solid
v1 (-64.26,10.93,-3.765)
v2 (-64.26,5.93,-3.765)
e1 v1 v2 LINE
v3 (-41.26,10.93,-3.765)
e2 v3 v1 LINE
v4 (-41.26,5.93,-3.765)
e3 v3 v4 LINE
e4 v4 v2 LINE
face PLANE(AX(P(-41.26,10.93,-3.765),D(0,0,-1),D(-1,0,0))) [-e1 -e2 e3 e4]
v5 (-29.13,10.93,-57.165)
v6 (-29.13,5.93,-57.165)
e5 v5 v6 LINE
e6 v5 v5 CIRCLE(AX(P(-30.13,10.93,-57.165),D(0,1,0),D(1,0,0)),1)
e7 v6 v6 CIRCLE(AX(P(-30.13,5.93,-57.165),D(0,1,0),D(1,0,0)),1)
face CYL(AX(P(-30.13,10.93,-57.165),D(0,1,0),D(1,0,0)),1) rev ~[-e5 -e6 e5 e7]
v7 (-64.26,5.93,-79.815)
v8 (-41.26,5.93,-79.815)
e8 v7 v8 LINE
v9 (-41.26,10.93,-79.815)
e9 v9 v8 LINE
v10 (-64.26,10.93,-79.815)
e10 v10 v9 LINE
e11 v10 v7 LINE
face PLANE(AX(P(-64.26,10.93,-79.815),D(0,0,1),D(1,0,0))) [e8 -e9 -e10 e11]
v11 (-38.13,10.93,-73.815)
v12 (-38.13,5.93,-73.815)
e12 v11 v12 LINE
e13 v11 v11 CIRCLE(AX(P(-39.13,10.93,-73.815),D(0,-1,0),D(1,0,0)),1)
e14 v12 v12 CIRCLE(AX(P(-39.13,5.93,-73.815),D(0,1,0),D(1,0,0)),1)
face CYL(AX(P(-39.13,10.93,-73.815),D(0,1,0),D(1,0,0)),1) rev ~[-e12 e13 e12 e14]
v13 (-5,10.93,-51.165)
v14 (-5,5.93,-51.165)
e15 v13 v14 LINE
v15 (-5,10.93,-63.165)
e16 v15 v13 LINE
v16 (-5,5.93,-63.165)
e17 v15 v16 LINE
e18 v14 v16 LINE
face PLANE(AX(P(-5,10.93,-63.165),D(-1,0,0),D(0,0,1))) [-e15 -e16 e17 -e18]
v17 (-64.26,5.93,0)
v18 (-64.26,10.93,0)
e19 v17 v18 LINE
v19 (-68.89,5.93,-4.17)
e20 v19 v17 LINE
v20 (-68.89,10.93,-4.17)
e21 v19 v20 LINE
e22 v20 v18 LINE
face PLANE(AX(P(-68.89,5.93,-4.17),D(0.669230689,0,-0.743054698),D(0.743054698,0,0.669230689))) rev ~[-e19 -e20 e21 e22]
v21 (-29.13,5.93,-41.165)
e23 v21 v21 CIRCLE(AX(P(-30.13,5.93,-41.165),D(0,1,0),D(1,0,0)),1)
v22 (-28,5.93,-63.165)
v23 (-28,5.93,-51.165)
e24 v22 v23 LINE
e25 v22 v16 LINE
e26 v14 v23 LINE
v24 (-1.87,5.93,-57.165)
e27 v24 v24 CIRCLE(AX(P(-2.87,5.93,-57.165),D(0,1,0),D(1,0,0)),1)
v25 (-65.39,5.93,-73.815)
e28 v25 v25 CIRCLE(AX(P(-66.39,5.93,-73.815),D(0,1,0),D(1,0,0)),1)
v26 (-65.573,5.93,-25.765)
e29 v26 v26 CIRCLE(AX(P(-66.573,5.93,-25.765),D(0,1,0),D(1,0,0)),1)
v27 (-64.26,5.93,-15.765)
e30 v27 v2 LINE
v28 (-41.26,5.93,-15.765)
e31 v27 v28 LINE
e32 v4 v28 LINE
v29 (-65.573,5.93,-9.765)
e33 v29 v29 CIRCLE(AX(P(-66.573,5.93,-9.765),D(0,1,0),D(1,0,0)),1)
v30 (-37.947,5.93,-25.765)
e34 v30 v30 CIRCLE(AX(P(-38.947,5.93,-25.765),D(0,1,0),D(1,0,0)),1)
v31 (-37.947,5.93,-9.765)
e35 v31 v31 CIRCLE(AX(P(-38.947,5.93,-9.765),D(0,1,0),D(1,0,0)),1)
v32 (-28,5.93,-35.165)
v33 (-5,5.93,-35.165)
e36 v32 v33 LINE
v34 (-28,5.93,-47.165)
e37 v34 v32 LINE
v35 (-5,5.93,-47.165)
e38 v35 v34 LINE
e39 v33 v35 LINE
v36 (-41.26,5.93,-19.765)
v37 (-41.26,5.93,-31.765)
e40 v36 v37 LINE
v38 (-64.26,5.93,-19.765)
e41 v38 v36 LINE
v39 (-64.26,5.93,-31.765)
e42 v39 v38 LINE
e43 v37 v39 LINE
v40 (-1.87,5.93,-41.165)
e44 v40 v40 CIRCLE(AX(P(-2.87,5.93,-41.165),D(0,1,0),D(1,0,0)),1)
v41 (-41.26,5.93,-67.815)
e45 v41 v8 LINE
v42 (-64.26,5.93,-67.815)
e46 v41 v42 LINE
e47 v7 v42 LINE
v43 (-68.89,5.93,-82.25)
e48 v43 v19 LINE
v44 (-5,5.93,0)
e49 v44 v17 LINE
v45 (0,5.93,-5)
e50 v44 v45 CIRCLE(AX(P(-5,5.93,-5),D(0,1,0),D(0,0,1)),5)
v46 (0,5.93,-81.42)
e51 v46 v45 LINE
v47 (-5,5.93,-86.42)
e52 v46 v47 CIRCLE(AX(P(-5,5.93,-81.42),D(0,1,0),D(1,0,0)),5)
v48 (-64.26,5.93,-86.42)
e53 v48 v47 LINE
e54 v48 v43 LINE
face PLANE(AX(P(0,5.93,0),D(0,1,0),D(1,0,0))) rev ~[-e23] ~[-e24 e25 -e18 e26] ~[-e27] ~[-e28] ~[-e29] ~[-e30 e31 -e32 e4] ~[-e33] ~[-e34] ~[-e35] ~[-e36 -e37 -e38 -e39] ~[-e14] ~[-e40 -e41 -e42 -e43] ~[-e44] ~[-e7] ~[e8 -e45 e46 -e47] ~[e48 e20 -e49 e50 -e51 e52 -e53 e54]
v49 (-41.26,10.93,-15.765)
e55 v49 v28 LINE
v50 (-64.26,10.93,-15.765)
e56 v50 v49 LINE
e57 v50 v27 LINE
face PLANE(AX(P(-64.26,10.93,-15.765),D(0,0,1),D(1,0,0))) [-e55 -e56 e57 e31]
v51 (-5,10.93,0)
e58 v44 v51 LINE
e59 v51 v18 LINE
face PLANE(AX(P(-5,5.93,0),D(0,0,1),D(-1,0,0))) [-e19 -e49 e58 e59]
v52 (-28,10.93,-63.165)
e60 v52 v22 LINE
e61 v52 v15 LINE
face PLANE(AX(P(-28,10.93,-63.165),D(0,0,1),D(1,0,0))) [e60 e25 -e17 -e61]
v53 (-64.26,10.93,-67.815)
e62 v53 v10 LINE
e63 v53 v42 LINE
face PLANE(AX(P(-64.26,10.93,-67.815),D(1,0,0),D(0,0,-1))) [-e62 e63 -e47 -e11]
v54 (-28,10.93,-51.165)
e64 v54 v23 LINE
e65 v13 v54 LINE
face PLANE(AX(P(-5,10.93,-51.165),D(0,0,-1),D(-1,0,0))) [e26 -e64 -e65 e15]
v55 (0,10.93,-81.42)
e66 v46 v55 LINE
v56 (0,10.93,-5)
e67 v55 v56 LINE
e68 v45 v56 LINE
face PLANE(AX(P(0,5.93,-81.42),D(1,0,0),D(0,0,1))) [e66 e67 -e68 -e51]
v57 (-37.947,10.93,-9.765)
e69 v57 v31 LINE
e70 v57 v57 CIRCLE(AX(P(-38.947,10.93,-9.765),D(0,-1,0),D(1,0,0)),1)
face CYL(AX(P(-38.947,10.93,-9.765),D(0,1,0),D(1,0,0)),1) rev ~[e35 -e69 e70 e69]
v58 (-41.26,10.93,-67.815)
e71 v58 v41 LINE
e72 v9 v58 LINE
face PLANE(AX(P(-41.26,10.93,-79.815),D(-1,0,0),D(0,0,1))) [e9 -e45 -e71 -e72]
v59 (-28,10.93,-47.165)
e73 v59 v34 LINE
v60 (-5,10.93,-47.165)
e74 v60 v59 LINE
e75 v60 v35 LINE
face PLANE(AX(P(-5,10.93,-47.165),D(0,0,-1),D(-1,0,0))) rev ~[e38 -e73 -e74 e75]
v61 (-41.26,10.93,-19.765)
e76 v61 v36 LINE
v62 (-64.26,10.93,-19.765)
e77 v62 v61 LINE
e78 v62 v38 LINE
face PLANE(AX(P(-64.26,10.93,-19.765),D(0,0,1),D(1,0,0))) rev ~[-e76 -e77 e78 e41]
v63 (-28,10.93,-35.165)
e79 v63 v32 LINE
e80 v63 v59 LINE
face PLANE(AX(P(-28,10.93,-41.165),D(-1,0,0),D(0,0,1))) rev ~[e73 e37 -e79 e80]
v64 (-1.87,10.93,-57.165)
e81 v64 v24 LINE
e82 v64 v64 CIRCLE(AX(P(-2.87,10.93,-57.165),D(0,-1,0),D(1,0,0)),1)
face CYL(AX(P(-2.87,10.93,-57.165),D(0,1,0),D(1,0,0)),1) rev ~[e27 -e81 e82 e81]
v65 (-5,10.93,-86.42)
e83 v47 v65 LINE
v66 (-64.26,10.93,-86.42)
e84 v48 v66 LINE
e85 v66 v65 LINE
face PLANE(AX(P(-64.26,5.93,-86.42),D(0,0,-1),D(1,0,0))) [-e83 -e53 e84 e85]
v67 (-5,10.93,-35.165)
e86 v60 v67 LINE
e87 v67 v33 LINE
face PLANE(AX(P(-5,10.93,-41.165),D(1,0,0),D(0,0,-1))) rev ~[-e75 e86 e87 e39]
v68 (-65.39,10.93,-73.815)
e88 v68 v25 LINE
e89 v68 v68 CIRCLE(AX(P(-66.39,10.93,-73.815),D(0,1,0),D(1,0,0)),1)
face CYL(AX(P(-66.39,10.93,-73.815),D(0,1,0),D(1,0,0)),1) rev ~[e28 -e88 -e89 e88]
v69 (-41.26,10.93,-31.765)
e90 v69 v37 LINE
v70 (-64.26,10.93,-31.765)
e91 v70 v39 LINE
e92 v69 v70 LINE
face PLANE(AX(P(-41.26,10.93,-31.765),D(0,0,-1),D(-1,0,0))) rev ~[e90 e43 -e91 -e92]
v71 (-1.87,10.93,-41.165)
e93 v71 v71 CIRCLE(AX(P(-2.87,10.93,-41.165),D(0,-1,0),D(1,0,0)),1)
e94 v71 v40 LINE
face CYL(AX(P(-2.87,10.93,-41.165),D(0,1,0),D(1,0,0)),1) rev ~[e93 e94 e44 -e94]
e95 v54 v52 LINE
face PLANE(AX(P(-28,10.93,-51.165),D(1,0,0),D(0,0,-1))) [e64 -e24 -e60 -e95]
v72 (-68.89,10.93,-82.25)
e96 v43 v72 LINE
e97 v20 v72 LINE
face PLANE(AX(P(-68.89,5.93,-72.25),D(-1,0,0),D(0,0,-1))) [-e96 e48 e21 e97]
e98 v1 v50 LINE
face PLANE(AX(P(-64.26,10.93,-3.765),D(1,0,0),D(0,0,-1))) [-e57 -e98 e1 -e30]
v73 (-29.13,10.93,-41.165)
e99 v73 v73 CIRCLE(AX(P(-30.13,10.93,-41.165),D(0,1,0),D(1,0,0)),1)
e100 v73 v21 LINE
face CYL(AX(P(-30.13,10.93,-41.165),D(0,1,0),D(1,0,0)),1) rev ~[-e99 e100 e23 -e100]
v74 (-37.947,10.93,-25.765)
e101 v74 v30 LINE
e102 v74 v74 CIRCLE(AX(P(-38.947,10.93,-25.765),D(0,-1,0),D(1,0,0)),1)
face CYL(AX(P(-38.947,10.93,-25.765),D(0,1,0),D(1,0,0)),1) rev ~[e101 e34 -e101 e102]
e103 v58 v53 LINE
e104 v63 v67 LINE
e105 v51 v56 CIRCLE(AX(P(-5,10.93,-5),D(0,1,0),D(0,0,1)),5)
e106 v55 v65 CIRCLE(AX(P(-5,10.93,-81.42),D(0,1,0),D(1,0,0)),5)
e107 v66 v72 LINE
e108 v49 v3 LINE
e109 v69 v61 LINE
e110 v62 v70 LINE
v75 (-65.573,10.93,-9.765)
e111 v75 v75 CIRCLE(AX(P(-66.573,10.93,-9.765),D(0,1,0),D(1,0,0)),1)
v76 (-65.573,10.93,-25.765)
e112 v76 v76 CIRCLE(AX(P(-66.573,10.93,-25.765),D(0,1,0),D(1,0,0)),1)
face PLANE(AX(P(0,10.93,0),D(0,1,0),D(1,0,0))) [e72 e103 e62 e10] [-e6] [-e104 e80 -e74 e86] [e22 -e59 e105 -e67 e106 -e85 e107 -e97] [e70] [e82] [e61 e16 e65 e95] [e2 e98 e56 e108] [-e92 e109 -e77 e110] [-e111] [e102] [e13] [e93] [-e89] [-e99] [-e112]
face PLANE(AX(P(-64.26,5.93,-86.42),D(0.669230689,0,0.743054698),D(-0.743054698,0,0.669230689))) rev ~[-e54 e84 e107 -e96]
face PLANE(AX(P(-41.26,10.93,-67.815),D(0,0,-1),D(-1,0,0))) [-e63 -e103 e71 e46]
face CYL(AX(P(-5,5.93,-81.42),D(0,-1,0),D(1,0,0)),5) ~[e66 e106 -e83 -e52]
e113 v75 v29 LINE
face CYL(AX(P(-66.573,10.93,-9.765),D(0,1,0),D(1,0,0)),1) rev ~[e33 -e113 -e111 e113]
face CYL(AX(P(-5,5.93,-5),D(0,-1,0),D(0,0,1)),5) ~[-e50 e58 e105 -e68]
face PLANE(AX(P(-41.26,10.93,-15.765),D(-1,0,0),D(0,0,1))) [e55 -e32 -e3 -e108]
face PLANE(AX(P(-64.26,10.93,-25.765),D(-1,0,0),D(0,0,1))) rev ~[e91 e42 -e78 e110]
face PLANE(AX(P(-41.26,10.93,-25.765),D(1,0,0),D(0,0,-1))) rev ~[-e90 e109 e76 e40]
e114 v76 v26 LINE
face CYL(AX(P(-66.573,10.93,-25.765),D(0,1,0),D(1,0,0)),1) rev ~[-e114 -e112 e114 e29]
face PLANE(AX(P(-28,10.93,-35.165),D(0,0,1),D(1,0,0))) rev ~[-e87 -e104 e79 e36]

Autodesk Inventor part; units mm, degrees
ref_plane "YZ Plane" through (0, 0, 0) normal (1, 0, 0) x (0, 1, 0)
ref_plane "XZ Plane" through (0, 0, 0) normal (0, 1, 0) x (-1, 0, 0)
ref_plane "Work Plane2" through (0, 5.93, 0) normal (0, 1, 0) x (1, 0, 0)
sketch "Sketch7" plane through (0, 5.93, 0) normal (0, 1, 0) x (1, 0, 0)
  line L0 (-68.89, 72.25) -> (-68.89, 75.38) projected
  line L1 (-70.59, 75.38) -> (-68.89, 75.38) projected
  line L2 (-70.59, 83.0068) -> (-70.59, 75.38) projected
  line L3 (-64.9127, 88.12) -> (-70.59, 83.0068) projected
  line L4 (-5, 88.12) -> (-64.9127, 88.12) projected
  arc A0 (1.7, 81.42) -> (-5, 88.12) centre (-5, 81.42) ccw projected
  line L5 (1.7, 5) -> (1.7, 81.42) projected
  arc A1 (-5, -1.7) -> (1.7, 5) centre (-5, 5) ccw projected
  line L6 (-64.9127, -1.7) -> (-5, -1.7) projected
  line L7 (-70.59, 3.4132) -> (-64.9127, -1.7) projected
  line L8 (-70.59, 14.5) -> (-70.59, 3.4132) projected
  line L9 (-68.89, 14.5) -> (-70.59, 14.5) projected
  line L10 (-68.89, 14.5) -> (-68.89, 17.63) projected
  line L11 (-70.59, 17.63) -> (-68.89, 17.63) projected
  line L12 (-70.59, 47.6) -> (-70.59, 17.63) projected
  line L13 (-68.89, 47.6) -> (-70.59, 47.6) projected
  line L14 (-68.89, 47.6) -> (-68.89, 50.73) projected
  line L15 (-70.59, 50.73) -> (-68.89, 50.73) projected
  line L16 (-70.59, 72.25) -> (-70.59, 50.73) projected
  line L17 (-68.89, 72.25) -> (-70.59, 72.25) projected
  line L18 (5.3534, 92.34) -> (10.14, 87.0271) projected
  line L19 (-69.6869, 92.34) -> (5.3534, 92.34) projected
  line L20 (-73.78, 86.0365) -> (-69.6869, 92.34) projected
  line L21 (-73.78, 75.38) -> (-73.78, 86.0365) projected
  line L22 (-73.78, 75.38) -> (-73.78, 72.25) projected
  line L23 (-73.78, 50.73) -> (-73.78, 72.25) projected
  line L24 (-73.78, 50.73) -> (-73.78, 47.6) projected
  line L25 (-73.78, 17.63) -> (-73.78, 47.6) projected
  line L26 (-73.78, 17.63) -> (-73.78, 14.5) projected
  line L27 (-73.78, -2.6865) -> (-73.78, 14.5) projected
  line L28 (-69.6869, -8.99) -> (-73.78, -2.6865) projected
  line L29 (4.8271, -8.99) -> (-69.6869, -8.99) projected
  line L30 (10.14, -4.2034) -> (4.8271, -8.99) projected
  line L31 (10.14, 87.0271) -> (10.14, -4.2034) projected
  line L32 (-5, 0) -> (-64.26, 0) projected
  line L33 (-68.89, 4.17) -> (-64.26, 0) projected
  line L34 (-68.89, 4.17) -> (-68.89, 14.5) projected
  line L35 (-68.89, 17.63) -> (-68.89, 47.6) projected
  line L36 (-68.89, 50.73) -> (-68.89, 72.25) projected
  line L37 (-68.89, 75.38) -> (-68.89, 82.25) projected
  line L38 (-64.26, 86.42) -> (-68.89, 82.25) projected
  line L39 (-64.26, 86.42) -> (-5, 86.42) projected
  arc A2 (0, 81.42) -> (-5, 86.42) centre (-5, 81.42) ccw projected
  line L40 (0, 81.42) -> (0, 5) projected
  arc A3 (-5, 0) -> (0, 5) centre (-5, 5) ccw projected
  line L41 (-68.89, 14.5) -> (-70.59, 14.5) projected
  line L42 (-68.89, 14.5) -> (-68.89, 75.38)
  point P0 (0, 0)
extrude "Extrusion6" add sketch "Sketch7" along normal blind 5 contours L0 L37 L38 L39 A2 L40 A3 L32 L33 L34 L10 L35 L14 L36
sketch "Sketch8" plane through (0, 10.93, 0) normal (0, 1, 0) x (1, 0, 0)
  line L0 (-64.26, 0) -> (-64.26, 16.2)
  line L1 (-64.26, 16.2) -> (-64.26, 17.765)
  line L2 (-64.26, 17.765) -> (-41.26, 17.765)
  line L3 (-64.26, 17.765) -> (-64.26, 15.765)
  line L4 (-64.26, 15.765) -> (-41.26, 15.765)
  line L5 (-41.26, 15.765) -> (-41.26, 3.765)
  line L6 (-41.26, 3.765) -> (-64.26, 3.765)
  line L7 (-64.26, 3.765) -> (-64.26, 15.765)
  line L8 (-64.26, 9.765) -> (-66.573, 9.765)
  circle A0 centre (-66.573, 9.765) radius 1
  line L9 (-41.26, 9.765) -> (-38.947, 9.765)
  circle A1 centre (-38.947, 9.765) radius 1
  line L10 (-64.26, 17.765) -> (-64.26, 19.765)
  line L11 (-64.26, 19.765) -> (-41.26, 19.765)
  line L12 (-41.26, 19.765) -> (-41.26, 31.765)
  line L13 (-41.26, 31.765) -> (-64.26, 31.765)
  line L14 (-64.26, 31.765) -> (-64.26, 19.765)
  line L15 (-64.26, 25.765) -> (-66.573, 25.765)
  circle A2 centre (-66.573, 25.765) radius 1
  line L16 (-41.26, 25.765) -> (-38.947, 25.765)
  circle A3 centre (-38.947, 25.765) radius 1
  point P0 (0, 0)
  dimension "d56" = 16.2
  dimension "d57" = 1.565
  dimension "d58" = 23
  dimension "d59" = 90
  dimension "d60" = 2
  dimension "d61" = 23
  dimension "d62" = 12
  dimension "d63" = 2.313
  dimension "d64" = 2
  dimension "d65" = 2.313
  dimension "d66" = 2
  dimension "d67" = 2
  dimension "d68" = 23
  dimension "d69" = 12
  dimension "d70" = 2.313
  dimension "d71" = 2
  dimension "d73" = 2
extrude "Extrusion7" cut sketch "Sketch8" against normal up to surface (5 mm away)
sketch "Sketch9" plane through (0, 10.93, 0) normal (0, 1, 0) x (1, 0, 0)
  line L0 (-5, 86.42) -> (-64.26, 86.42) projected
  line L1 (-64.26, 86.42) -> (-64.26, 75.38)
  line L2 (-64.26, 75.38) -> (-64.26, 73.815)
  line L3 (-64.26, 73.815) -> (-64.26, 79.815)
  line L4 (-64.26, 79.815) -> (-41.26, 79.815)
  line L5 (-64.26, 73.815) -> (-66.39, 73.815)
  circle A0 centre (-66.39, 73.815) radius 1
  line L6 (-41.26, 79.815) -> (-41.26, 67.815)
  line L7 (-41.26, 67.815) -> (-64.26, 67.815)
  line L8 (-64.26, 67.815) -> (-64.26, 73.815)
  line L9 (-41.26, 73.815) -> (-39.13, 73.815)
  circle A1 centre (-39.13, 73.815) radius 1
  point P0 (0, 0)
  dimension "d76" = 11.04
  dimension "d77" = 1.565
  dimension "d79" = 6
  dimension "d80" = 23
  dimension "d82" = 2.13
  dimension "d85" = 2
  dimension "d88" = 12
  dimension "d89" = 23
  dimension "d90" = 2.13
  dimension "d91" = 2
extrude "Extrusion8" cut sketch "Sketch9" against normal up to surface (5 mm away)
sketch "Sketch10" plane through (0, 10.93, 0) normal (0, 1, 0) x (1, 0, 0)
  arc A0 (0, 81.42) -> (-5, 86.42) centre (-5, 81.42) ccw projected
  line L0 (0, 81.42) -> (0, 49.165)
  line L1 (0, 49.165) -> (-5, 49.165)
  line L2 (-5, 49.165) -> (-5, 51.165)
  line L3 (-5, 49.165) -> (-5, 47.165)
  line L4 (-5, 51.165) -> (-28, 51.165)
  line L5 (-28, 51.165) -> (-28, 63.165)
  line L6 (-28, 63.165) -> (-5, 63.165)
  line L7 (-5, 63.165) -> (-5, 51.165)
  line L8 (-5, 47.165) -> (-28, 47.165)
  line L9 (-28, 47.165) -> (-28, 35.165)
  line L10 (-28, 35.165) -> (-5, 35.165)
  line L11 (-5, 35.165) -> (-5, 47.165)
  line L12 (-28, 41.165) -> (-30.13, 41.165)
  line L13 (-5, 41.165) -> (-2.87, 41.165)
  circle A1 centre (-30.13, 41.165) radius 1
  circle A2 centre (-2.87, 41.165) radius 1
  line L14 (-28, 57.165) -> (-30.13, 57.165)
  line L15 (-5, 57.165) -> (-2.87, 57.165)
  circle A3 centre (-30.13, 57.165) radius 1
  circle A4 centre (-2.87, 57.165) radius 1
  point P0 (0, 0)
  dimension "d92" = 32.255
  dimension "d93" = 5
  dimension "d94" = 2
  dimension "d95" = 2
  dimension "d96" = 23
  dimension "d97" = 12
  dimension "d98" = 23
  dimension "d99" = 12
  dimension "d100" = 2.13
  dimension "d101" = 2.13
  dimension "d102" = 2
  dimension "d103" = 2
  dimension "d104" = 2.13
  dimension "d105" = 2.13
  dimension "d106" = 2
  dimension "d107" = 2
extrude "Extrusion9" cut sketch "Sketch10" against normal up to surface (5 mm away)
properties part number "Robotic Hand Tray"
